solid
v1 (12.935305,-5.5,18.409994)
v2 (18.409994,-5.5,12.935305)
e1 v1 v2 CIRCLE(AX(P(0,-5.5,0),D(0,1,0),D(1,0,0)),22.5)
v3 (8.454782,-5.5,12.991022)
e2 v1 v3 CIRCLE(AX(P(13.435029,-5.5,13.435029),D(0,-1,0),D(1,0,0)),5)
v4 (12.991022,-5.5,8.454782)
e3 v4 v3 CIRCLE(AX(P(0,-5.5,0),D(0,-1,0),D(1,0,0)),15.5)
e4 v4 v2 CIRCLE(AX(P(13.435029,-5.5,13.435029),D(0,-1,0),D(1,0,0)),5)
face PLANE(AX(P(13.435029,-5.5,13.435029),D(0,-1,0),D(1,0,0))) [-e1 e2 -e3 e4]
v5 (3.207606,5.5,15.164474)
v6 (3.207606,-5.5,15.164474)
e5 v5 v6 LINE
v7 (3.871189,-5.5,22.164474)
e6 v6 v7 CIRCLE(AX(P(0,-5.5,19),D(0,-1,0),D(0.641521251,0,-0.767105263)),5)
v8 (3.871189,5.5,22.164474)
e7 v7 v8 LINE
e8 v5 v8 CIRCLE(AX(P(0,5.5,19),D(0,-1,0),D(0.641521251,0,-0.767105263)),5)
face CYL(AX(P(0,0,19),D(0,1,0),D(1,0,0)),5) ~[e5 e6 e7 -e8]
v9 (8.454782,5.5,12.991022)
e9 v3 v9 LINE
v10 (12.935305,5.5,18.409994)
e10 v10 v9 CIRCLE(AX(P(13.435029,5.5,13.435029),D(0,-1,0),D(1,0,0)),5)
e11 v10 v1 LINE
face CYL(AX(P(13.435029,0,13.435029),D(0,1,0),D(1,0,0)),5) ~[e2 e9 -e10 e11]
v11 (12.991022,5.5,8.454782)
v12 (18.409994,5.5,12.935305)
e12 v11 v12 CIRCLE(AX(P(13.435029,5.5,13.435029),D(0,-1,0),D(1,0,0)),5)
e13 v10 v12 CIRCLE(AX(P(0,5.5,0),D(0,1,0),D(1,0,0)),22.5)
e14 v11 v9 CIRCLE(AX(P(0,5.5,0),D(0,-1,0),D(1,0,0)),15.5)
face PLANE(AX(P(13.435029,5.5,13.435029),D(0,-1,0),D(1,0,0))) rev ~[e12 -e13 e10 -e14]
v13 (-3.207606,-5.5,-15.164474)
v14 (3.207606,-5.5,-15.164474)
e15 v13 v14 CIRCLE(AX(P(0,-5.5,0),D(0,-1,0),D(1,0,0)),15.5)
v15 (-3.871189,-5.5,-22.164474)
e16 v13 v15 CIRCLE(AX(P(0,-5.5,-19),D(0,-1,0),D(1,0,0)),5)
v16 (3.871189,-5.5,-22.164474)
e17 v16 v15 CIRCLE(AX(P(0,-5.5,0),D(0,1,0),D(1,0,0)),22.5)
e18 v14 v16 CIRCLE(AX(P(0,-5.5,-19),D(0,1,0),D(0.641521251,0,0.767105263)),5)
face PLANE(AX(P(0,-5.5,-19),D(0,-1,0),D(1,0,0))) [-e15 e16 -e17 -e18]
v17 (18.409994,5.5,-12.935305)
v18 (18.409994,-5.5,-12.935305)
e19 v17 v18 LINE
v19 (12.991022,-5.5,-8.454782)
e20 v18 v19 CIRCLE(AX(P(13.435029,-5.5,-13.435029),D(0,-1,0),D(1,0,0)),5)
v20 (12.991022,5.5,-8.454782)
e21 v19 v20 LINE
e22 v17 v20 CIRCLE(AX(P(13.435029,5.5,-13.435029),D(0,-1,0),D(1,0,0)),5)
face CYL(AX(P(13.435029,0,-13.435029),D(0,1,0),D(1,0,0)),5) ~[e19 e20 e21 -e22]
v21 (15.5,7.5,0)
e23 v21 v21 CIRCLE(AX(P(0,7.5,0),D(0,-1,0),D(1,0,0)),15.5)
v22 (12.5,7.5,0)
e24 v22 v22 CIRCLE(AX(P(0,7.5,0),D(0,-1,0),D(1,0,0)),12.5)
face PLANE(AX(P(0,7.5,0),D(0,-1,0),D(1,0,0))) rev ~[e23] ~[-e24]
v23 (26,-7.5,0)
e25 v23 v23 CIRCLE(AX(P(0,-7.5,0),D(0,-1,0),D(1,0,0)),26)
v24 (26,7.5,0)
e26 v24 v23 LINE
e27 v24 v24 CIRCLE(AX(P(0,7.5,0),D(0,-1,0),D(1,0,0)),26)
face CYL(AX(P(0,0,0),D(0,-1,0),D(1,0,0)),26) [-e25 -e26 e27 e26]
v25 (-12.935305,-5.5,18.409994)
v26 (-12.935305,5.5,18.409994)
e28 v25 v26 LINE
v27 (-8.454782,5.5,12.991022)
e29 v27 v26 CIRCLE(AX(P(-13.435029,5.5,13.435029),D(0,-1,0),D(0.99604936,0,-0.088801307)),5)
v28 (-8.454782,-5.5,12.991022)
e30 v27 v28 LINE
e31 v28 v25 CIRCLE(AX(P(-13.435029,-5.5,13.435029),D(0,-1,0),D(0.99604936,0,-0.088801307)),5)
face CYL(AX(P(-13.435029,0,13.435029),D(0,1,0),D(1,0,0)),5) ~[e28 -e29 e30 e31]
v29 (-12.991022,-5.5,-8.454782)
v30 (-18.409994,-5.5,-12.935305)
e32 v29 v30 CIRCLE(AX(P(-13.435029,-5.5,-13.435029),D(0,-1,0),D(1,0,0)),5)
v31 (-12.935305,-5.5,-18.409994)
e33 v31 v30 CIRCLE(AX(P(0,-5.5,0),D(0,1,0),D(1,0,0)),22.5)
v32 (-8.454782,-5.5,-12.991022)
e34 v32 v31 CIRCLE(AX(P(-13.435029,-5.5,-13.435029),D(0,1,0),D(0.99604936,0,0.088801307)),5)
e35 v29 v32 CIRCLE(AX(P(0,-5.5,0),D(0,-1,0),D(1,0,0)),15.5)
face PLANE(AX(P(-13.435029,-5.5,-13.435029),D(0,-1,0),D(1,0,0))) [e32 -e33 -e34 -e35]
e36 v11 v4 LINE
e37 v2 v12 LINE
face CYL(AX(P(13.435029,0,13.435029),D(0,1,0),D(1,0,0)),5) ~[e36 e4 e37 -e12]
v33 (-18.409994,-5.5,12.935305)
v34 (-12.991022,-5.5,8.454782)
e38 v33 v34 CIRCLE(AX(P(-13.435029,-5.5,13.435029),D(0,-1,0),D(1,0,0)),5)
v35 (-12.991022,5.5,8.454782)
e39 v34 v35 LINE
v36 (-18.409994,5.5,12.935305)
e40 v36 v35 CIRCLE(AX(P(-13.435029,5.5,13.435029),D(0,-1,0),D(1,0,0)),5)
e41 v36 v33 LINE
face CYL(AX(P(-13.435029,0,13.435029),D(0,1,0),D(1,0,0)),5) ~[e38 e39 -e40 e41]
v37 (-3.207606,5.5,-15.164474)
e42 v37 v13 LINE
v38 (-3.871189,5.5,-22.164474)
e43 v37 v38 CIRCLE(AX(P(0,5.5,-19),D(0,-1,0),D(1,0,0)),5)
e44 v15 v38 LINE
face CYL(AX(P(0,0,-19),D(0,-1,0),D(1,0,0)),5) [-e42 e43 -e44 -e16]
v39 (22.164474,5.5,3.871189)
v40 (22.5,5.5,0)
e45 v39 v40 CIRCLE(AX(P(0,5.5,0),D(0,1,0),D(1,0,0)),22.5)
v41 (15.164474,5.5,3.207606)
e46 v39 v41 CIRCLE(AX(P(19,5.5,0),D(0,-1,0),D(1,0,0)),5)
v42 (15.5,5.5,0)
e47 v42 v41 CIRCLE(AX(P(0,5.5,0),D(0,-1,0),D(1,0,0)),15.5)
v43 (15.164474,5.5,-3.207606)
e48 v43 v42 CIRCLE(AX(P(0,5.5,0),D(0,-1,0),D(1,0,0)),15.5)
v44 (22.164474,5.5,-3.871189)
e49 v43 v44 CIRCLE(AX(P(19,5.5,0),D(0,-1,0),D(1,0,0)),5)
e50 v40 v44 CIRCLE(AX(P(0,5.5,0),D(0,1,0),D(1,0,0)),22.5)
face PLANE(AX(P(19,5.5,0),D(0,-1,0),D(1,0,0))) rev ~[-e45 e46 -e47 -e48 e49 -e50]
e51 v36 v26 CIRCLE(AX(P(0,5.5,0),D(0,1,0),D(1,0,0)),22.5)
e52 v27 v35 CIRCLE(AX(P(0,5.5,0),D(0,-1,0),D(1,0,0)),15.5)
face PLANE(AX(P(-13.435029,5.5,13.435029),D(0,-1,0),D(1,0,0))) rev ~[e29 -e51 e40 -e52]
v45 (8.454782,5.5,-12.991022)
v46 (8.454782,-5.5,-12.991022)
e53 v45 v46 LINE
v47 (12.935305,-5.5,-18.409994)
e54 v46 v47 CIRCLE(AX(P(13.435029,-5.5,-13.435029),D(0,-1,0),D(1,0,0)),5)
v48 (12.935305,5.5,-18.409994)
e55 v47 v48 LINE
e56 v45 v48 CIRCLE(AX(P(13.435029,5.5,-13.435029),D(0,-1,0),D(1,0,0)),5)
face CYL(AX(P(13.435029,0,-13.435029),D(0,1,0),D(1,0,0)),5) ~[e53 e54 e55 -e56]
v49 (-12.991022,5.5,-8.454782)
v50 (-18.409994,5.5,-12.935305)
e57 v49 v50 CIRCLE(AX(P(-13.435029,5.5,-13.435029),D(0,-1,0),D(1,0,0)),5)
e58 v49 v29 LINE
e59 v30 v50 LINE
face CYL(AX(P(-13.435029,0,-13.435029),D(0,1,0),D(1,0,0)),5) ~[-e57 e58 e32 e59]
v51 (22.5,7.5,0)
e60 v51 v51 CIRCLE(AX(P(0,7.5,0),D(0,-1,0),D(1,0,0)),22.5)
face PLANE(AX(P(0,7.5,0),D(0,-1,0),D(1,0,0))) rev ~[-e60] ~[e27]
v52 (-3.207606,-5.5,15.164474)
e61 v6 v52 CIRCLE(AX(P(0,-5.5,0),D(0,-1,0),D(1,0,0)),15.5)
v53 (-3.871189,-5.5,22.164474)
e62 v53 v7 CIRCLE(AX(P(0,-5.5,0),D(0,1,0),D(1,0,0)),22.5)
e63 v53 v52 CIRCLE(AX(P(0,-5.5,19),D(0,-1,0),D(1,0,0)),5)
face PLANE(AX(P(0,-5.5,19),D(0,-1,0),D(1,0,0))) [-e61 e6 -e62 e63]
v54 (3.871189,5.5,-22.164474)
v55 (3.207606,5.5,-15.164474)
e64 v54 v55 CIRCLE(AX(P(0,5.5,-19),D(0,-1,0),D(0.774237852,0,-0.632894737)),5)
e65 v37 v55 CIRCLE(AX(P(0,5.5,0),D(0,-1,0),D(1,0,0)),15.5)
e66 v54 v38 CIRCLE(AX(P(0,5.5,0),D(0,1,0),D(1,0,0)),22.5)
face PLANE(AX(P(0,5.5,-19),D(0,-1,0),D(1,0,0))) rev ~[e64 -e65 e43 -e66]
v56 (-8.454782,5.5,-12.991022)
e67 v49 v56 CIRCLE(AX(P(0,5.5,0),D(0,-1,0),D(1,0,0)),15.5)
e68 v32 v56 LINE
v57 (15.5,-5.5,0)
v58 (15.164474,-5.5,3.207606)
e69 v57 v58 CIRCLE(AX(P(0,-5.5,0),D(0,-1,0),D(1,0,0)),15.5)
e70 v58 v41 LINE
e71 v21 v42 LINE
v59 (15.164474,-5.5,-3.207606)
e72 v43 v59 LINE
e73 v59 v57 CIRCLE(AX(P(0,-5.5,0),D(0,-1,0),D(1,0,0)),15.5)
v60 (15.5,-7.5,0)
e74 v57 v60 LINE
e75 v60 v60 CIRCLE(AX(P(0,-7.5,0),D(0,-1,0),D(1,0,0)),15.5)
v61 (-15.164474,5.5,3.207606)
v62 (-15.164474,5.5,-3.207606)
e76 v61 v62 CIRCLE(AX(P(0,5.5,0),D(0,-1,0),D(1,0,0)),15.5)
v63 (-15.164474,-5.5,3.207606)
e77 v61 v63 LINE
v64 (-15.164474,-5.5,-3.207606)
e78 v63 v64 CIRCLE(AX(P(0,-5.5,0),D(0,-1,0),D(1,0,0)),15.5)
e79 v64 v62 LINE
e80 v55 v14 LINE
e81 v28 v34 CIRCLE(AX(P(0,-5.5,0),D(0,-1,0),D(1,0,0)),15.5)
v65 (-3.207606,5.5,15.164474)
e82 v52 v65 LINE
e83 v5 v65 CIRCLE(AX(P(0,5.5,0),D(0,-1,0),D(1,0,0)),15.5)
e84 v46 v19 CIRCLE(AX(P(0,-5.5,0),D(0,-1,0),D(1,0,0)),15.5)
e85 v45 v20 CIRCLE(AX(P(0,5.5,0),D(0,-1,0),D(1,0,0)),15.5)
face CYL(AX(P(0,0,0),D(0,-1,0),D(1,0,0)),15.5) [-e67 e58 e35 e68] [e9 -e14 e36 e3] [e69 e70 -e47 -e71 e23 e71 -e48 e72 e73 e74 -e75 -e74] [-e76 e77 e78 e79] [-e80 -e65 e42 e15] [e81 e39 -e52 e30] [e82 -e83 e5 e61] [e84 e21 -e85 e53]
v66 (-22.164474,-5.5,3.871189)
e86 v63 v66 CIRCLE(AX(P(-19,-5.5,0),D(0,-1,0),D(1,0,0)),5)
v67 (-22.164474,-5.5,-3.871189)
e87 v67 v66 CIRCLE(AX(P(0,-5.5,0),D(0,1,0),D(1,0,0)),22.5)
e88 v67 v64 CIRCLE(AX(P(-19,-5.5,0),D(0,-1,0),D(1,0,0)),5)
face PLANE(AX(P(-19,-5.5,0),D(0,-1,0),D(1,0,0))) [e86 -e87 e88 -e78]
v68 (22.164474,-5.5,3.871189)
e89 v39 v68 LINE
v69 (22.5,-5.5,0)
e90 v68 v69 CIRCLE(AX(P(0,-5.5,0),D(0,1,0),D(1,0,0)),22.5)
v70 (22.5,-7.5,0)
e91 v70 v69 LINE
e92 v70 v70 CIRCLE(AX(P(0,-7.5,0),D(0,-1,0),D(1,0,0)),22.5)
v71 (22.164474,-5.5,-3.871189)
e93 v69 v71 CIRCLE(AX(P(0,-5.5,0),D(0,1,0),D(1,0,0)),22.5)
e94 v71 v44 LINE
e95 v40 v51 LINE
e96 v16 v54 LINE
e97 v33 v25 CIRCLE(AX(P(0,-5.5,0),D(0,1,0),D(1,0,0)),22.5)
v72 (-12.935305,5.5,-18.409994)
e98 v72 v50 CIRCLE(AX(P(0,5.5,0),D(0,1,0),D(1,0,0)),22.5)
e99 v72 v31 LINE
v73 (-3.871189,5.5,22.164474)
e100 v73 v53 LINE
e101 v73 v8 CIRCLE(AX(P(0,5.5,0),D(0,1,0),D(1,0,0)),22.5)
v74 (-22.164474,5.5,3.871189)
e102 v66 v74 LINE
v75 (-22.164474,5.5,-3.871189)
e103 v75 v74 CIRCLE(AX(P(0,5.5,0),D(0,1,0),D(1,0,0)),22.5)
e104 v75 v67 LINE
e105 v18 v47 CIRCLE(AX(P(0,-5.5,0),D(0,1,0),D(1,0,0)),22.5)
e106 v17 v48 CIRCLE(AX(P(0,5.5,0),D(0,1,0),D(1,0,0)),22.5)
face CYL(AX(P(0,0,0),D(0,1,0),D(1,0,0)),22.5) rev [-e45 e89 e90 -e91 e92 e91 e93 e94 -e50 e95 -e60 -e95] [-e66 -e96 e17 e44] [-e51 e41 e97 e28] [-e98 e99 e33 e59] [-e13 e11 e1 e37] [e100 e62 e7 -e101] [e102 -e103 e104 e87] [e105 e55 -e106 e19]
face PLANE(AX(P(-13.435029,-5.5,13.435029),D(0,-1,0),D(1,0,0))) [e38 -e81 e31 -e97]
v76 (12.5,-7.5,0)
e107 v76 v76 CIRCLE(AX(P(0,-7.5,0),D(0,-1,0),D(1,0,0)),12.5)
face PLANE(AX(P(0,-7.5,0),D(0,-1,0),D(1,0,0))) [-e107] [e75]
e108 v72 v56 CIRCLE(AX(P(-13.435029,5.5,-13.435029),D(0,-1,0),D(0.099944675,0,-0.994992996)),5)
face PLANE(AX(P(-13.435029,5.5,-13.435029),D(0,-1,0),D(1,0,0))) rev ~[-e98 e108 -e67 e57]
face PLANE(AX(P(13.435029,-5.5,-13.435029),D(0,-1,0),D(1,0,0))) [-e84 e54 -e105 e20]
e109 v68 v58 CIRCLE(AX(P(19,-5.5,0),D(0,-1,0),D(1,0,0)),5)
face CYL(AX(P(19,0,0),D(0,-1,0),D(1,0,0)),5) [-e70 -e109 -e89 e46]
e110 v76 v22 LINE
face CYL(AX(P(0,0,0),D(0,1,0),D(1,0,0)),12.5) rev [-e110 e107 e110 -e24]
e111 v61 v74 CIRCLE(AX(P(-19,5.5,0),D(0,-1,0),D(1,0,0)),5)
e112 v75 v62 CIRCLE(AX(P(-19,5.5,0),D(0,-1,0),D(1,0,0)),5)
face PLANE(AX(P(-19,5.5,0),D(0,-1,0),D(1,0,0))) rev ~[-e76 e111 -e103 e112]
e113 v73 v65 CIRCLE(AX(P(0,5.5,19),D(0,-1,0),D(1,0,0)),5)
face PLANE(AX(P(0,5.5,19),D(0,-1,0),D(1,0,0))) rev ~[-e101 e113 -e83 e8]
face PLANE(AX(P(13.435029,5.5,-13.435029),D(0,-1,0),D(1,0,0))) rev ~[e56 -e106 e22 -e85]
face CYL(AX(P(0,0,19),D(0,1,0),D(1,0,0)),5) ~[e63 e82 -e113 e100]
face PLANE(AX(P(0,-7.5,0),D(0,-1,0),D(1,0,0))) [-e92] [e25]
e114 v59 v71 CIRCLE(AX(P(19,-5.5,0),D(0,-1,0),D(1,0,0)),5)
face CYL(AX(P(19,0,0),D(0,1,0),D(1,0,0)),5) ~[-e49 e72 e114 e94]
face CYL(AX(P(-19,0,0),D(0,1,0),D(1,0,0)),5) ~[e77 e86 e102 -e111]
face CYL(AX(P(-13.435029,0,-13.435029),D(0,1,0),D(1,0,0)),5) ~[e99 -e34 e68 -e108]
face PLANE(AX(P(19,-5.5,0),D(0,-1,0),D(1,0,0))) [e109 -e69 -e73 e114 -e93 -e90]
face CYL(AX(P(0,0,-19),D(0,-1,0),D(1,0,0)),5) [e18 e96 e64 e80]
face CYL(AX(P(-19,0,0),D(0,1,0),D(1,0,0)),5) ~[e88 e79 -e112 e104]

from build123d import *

# Parameters (mm, degrees)
F0_R     = 15.5
F0_R_2   = 12.5
F1_DEPTH = 7.5
F2_R     = 26
F2_R_2   = 22.5
F3_DEPTH = 7.5
F4_R     = 5
F5_DEPTH = 5.5


with BuildPart() as f1:
    # F0 (on Front) → F1 (new body, symmetric)
    with BuildSketch(Plane.XZ):
        Circle(F0_R)
        Circle(F0_R_2, mode=Mode.SUBTRACT)
    extrude(amount=F1_DEPTH, both=True)



with BuildPart() as f3:
    # F2 (on Front) → F3 (new body, symmetric)
    with BuildSketch(Plane.XZ):
        Circle(F2_R)
        Circle(F2_R_2, mode=Mode.SUBTRACT)
    extrude(amount=F3_DEPTH, both=True)


with BuildPart() as f1_1:
    add(f1.part)

    add(f3.part)  # F5 merges F3
    # F4 (on Front) → F5 (join, symmetric)
    with BuildSketch(Plane.XZ):
        with Locations((-13.4350288425, 13.4350288425)):
            Circle(F4_R)
        with Locations((0, 19)):
            Circle(F4_R)
        with Locations((13.4350288425, 13.4350288425)):
            Circle(F4_R)
        with Locations((19, 0)):
            Circle(F4_R)
        with Locations((-19, 0)):
            Circle(F4_R)
        with Locations((-13.4350288425, -13.4350288425)):
            Circle(F4_R)
        with Locations((13.4350288425, -13.4350288425)):
            Circle(F4_R)
        with Locations((0, -19)):
            Circle(F4_R)
    extrude(amount=F5_DEPTH, both=True)


solid = f1_1.part
